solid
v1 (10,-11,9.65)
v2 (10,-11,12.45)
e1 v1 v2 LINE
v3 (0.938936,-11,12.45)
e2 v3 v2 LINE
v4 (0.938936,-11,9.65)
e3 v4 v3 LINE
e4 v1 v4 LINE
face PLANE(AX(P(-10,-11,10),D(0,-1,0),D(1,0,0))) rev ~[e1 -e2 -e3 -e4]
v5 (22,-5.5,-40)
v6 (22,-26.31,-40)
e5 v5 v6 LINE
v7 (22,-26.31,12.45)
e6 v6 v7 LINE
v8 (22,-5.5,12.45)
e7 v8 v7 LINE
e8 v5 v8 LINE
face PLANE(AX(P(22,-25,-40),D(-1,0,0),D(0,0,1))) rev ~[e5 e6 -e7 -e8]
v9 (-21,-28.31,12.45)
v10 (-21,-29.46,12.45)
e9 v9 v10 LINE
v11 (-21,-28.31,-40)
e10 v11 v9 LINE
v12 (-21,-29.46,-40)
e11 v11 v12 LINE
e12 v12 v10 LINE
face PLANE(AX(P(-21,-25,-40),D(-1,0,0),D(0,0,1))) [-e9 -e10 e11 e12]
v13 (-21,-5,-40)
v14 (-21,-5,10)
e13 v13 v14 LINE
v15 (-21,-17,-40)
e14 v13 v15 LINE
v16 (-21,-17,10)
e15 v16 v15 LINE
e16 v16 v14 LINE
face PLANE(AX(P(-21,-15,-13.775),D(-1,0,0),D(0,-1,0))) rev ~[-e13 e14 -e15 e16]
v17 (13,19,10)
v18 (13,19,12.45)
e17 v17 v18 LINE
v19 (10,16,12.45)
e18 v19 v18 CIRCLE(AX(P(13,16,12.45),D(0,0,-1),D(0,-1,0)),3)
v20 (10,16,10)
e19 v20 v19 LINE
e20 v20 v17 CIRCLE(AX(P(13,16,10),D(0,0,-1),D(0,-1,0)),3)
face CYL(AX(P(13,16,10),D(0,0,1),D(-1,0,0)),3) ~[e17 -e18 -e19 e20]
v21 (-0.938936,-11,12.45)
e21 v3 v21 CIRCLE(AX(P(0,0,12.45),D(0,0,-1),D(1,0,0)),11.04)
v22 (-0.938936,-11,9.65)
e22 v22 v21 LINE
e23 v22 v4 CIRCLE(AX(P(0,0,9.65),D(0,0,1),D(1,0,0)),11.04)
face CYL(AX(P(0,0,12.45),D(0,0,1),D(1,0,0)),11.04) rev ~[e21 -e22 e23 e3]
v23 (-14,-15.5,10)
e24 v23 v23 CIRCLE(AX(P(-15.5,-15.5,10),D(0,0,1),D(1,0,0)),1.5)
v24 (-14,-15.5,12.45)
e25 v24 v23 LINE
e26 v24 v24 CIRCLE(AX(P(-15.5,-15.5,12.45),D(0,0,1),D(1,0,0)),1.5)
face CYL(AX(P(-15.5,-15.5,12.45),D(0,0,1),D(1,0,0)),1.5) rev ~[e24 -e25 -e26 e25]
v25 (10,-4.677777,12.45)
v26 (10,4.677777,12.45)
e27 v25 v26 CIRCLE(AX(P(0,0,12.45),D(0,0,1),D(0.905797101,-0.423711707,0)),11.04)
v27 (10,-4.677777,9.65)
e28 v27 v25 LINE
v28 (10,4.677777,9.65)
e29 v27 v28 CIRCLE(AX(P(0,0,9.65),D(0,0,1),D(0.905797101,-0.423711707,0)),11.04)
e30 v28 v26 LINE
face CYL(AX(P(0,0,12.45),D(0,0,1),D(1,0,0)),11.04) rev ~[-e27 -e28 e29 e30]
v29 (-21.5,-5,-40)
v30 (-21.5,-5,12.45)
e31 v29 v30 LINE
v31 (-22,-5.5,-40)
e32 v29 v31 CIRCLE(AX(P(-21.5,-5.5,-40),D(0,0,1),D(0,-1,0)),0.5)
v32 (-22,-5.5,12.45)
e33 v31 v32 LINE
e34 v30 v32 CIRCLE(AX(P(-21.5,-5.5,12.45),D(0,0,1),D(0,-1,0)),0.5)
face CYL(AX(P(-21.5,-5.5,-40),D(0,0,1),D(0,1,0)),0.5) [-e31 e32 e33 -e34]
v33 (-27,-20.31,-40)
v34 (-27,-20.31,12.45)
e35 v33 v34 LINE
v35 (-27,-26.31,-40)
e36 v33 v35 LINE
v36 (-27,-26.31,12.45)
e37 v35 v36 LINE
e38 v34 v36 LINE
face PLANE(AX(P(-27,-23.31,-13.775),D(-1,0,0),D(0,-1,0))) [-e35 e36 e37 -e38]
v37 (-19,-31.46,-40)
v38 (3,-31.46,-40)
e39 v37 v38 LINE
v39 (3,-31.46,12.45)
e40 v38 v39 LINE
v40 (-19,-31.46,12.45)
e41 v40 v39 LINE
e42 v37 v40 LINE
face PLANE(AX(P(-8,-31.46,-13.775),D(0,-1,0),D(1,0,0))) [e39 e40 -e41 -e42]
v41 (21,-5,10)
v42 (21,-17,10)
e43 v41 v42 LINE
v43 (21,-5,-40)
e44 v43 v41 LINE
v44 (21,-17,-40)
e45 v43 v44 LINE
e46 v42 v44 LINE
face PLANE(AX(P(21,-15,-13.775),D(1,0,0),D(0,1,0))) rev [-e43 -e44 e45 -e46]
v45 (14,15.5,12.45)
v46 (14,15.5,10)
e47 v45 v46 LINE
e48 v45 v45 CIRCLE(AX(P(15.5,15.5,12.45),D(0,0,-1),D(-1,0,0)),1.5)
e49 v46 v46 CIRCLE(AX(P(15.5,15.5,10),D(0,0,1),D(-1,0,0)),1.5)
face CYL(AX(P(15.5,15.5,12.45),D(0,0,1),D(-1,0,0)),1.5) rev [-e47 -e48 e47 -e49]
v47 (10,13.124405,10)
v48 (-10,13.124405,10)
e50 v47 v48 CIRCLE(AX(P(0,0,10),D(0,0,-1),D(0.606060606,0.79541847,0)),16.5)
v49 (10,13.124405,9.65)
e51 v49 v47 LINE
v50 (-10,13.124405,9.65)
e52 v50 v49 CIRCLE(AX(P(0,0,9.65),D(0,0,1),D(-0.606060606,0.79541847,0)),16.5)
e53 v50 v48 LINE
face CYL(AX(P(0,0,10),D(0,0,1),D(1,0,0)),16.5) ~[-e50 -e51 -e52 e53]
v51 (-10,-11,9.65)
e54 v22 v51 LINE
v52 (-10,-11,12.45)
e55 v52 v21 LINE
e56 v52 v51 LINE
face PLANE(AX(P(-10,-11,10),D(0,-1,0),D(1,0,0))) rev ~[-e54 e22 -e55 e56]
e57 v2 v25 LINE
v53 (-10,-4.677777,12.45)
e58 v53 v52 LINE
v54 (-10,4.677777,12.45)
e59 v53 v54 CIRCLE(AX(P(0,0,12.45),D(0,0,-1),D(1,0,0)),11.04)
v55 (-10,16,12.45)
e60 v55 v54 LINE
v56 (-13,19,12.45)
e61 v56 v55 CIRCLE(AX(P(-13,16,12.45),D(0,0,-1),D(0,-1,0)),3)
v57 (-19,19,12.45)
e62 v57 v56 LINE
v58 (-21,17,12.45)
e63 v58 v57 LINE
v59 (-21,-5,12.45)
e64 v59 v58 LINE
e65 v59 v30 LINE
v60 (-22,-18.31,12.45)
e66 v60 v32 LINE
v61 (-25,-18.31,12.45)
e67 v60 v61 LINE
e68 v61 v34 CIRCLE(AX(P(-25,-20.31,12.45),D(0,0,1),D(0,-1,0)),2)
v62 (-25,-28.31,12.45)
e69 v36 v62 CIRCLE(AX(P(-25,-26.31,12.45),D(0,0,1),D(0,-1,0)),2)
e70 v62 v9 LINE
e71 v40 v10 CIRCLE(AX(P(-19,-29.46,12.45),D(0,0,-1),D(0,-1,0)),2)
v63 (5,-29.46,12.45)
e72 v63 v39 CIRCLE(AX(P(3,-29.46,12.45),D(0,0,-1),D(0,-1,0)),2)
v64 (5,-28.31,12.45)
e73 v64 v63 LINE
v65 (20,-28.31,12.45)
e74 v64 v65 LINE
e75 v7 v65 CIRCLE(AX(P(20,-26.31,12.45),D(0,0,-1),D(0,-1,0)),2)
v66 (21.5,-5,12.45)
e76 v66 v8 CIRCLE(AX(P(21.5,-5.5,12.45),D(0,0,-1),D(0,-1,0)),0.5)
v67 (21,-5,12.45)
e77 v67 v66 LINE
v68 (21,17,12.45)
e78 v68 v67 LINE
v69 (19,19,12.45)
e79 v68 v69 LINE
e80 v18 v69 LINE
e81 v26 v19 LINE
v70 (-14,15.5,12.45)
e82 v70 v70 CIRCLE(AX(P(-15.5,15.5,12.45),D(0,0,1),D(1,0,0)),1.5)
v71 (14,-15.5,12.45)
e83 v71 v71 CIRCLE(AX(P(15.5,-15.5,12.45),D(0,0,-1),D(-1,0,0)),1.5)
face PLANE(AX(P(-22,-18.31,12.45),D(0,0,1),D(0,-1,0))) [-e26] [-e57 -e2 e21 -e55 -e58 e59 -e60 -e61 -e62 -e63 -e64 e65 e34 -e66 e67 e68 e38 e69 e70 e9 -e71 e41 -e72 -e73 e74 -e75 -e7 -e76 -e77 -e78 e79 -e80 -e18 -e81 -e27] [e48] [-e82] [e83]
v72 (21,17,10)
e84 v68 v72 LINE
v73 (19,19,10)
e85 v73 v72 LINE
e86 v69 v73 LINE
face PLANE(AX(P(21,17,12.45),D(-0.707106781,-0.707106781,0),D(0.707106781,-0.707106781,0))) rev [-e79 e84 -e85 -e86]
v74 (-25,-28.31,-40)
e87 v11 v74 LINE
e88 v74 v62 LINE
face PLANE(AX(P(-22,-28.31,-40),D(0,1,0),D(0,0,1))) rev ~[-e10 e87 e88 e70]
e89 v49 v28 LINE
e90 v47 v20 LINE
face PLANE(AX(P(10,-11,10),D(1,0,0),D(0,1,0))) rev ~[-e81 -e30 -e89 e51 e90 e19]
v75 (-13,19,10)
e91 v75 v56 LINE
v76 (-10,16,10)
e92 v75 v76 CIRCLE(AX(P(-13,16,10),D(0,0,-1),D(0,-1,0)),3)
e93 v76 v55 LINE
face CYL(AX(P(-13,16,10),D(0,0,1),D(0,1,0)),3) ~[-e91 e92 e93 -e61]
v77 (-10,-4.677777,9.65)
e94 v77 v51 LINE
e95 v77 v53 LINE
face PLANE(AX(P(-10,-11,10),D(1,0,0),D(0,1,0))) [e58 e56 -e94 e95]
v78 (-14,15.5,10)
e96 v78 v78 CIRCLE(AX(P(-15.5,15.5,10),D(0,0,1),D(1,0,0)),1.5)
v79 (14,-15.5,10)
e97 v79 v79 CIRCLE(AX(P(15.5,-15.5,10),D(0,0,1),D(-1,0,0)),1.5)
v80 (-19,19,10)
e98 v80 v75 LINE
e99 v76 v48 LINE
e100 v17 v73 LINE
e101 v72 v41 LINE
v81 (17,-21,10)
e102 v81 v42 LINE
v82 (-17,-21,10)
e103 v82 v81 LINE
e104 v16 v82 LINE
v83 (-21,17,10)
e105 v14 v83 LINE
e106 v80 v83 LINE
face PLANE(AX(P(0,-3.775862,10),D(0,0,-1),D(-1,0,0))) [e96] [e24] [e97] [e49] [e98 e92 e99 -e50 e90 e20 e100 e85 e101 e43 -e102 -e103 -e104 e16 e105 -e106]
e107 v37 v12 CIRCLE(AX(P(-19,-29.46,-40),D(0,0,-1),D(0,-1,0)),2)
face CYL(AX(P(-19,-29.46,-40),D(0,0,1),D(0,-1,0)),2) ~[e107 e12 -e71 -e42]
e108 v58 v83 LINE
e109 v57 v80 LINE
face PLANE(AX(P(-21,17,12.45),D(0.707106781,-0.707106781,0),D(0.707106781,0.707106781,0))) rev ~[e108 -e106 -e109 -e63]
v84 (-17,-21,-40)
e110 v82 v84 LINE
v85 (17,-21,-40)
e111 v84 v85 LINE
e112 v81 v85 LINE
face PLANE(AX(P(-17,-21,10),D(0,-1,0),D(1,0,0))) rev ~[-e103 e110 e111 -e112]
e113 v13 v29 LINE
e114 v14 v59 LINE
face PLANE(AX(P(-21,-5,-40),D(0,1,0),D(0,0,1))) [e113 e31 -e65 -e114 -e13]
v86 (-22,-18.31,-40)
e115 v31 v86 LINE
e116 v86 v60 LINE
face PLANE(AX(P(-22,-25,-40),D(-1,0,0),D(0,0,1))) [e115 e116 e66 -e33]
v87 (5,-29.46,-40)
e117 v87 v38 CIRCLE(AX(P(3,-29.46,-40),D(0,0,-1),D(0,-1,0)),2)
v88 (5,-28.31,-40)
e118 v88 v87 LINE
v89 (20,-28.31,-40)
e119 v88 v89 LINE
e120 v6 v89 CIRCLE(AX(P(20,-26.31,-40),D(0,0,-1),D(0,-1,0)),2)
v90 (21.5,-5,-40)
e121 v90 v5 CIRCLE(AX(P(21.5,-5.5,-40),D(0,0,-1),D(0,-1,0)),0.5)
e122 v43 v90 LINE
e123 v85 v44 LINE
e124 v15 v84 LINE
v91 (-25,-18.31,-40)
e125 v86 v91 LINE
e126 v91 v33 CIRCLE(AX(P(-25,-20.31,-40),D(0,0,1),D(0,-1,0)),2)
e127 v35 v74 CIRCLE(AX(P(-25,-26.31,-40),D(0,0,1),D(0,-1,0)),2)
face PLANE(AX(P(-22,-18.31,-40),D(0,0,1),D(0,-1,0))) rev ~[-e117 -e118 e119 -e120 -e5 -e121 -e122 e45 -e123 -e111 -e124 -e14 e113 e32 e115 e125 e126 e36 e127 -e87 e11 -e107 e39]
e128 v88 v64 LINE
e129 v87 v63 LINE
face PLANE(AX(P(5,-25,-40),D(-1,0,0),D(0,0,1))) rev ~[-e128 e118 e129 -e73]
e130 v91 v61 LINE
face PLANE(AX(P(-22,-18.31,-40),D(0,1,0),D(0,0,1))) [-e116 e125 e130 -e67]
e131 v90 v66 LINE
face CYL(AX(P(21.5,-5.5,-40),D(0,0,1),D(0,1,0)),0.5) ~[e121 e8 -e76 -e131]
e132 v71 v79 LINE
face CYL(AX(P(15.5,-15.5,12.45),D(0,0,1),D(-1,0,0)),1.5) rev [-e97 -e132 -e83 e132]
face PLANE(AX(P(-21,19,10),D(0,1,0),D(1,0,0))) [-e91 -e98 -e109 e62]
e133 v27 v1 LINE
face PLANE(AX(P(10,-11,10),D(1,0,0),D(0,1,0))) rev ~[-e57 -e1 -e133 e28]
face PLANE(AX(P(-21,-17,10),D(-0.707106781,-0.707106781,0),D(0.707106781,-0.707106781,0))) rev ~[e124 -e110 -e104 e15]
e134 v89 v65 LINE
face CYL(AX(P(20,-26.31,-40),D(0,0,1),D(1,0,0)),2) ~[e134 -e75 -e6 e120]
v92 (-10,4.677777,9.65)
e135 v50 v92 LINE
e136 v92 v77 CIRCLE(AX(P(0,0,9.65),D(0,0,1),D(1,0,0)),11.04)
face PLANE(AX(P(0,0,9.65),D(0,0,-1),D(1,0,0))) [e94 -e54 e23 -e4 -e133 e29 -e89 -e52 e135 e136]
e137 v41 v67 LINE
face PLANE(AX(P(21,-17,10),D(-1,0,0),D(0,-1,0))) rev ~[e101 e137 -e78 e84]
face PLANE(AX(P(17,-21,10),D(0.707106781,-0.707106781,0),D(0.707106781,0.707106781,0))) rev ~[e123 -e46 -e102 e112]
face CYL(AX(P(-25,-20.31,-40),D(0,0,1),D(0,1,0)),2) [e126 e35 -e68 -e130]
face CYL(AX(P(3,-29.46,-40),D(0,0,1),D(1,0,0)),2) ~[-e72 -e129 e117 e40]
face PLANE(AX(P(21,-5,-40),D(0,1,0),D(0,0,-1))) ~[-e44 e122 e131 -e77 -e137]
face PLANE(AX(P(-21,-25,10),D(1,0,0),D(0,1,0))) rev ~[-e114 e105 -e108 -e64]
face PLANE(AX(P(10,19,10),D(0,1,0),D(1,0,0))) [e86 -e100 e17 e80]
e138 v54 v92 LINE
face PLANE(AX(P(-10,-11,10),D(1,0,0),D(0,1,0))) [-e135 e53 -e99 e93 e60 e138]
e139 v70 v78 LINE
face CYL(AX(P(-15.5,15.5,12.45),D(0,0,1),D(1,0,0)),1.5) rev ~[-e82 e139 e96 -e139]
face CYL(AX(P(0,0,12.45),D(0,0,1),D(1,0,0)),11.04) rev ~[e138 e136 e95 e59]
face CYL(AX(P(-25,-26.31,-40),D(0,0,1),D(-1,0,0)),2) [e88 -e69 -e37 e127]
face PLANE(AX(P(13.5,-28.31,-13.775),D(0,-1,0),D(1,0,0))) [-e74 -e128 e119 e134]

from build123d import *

# Parameters (mm, degrees)
PAD021_DEPTH    = 2.45
PAD022_DEPTH    = 50
SKETCH044_R     = 1.5
POCKET019_DEPTH = 5
SKETCH045_W     = 20
SKETCH045_H     = 52.45
PAD023_DEPTH    = 1
POCKET020_DEPTH = 3
SKETCH047_W     = 26
SKETCH047_H     = 52.45
PAD024_DEPTH    = 6.46
SKETCH048_W     = 17
SKETCH048_H     = 52.45
PAD025_DEPTH    = 3.31
SKETCH049_W     = 1
SKETCH049_H     = 52.45
PAD026_DEPTH    = 3.31
FILLET002_R     = 2
FILLET003_R     = 2
SKETCH050_W     = 10
SKETCH050_H     = 52.45
PAD027_DEPTH    = 5
FILLET004_R     = 2
SKETCH051_R     = 11.04
POCKET021_DEPTH = 5
SKETCH052_R     = 11.04
POCKET022_DEPTH = 5
SKETCH053_R     = 16.5
PAD028_DEPTH    = 0.35
SKETCH054_W     = 20
SKETCH054_H     = 31.6
POCKET023_DEPTH = 5
SKETCH055_R     = 11.04
POCKET024_DEPTH = 5
FILLET005_R     = 3
FILLET006_R     = 0.5


with BuildPart() as part:
    # Sketch041 → Pad021 (new body)
    with BuildSketch(Plane.XY):
        Polygon((-21, 22), (-10, 22), (-10, -8), (10, -8), (10, 22), (21, 22), (21, -22), (-21, -22), align=None)
    extrude(amount=PAD021_DEPTH)

    # Sketch043 (on Face9 of Pad021) → Pad022 (join)
    with BuildSketch(Plane(origin=(0, 0, 0), x_dir=(1, 0, 0), z_dir=(0, 0, -1))):
        Polygon((21, 14), (21, 22), (-21, 22), (-21, 14), (-17, 18), (17, 18), align=None)
    extrude(amount=PAD022_DEPTH)

    # Sketch044 (on Face4 of Pad022) → Pocket019 (cut)
    with BuildSketch(Plane.XY.offset(2.45)):
        with Locations((-15.5, 18.5)):
            Circle(SKETCH044_R)
        with Locations((-15.5, -12.5)):
            Circle(SKETCH044_R)
    pocket019 = extrude(amount=-POCKET019_DEPTH, mode=Mode.SUBTRACT)

    # Mirrored: Pocket019 across Sketch044 V_Axis
    add(pocket019.mirror(Plane(origin=(0, 0, 2.45), x_dir=(0, 0, 1), z_dir=(1, 0, 0))), mode=Mode.SUBTRACT)

    # Sketch045 (on Face13 of Mirrored) → Pad023 (join)
    with BuildSketch(Plane(origin=(-21, 0, 0), x_dir=(0, -1, 0), z_dir=(-1, 0, 0))):
        with Locations((12, -23.775)):
            Rectangle(SKETCH045_W, SKETCH045_H)
    pad023 = extrude(amount=PAD023_DEPTH)

    # Mirrored024: Pad023 across YZ
    add(pad023.mirror(Plane.YZ))

    # Sketch046 (on Face22 of Mirrored024) → Pocket020 (cut)
    with BuildSketch(Plane.XY.offset(2.45)):
        Polygon((-21, 20), (-13.23582, 27.76418), (-21, 27.957458), align=None)
    pocket020 = extrude(amount=-POCKET020_DEPTH, mode=Mode.SUBTRACT)

    # Mirrored025: Pocket020 across Sketch046 V_Axis
    add(pocket020.mirror(Plane(origin=(0, 0, 2.45), x_dir=(0, 0, 1), z_dir=(1, 0, 0))), mode=Mode.SUBTRACT)

    # Sketch047 (on Face13 of Pad022) → Pad024 (join)
    with BuildSketch(Plane.XZ.offset(22)):
        with Locations((-8, -23.775)):
            Rectangle(SKETCH047_W, SKETCH047_H)
    extrude(amount=PAD024_DEPTH)

    # Sketch048 (on Face22 of Pad024) → Pad025 (join)
    with BuildSketch(Plane.XZ.offset(22)):
        with Locations((13.5, -23.775)):
            Rectangle(SKETCH048_W, SKETCH048_H)
    extrude(amount=PAD025_DEPTH)

    # Sketch049 (on Face22 of Pad025) → Pad026 (join)
    with BuildSketch(Plane.XZ.offset(22)):
        with Locations((-21.5, -23.775)):
            Rectangle(SKETCH049_W, SKETCH049_H)
    extrude(amount=PAD026_DEPTH)

    # Fillet002
    fillet002_edges = [part.edges().sort_by_distance(p)[0] for p in [
        (5, -28.46, -23.775),
        (22, -25.31, -23.775),
    ]]
    fillet(fillet002_edges, radius=FILLET002_R)

    # Fillet003
    fillet003_edges = [part.edges().sort_by_distance(p)[0] for p in [
        (-21, -28.46, -23.775),
    ]]
    fillet(fillet003_edges, radius=FILLET003_R)

    # Sketch050 (on Face10 of Fillet003) → Pad027 (join)
    with BuildSketch(Plane(origin=(-22, 0, 0), x_dir=(0, -1, 0), z_dir=(-1, 0, 0))):
        with Locations((20.31, -23.775)):
            Rectangle(SKETCH050_W, SKETCH050_H)
    extrude(amount=PAD027_DEPTH)

    # Fillet004
    fillet004_edges = [part.edges().sort_by_distance(p)[0] for p in [
        (-27, -25.31, -23.775),
        (-27, -15.31, -23.775),
    ]]
    fillet(fillet004_edges, radius=FILLET004_R)

    # Sketch051 (on Face37 of Fillet004) → Pocket021 (cut)
    with BuildSketch(Plane(origin=(0, 0, 0), x_dir=(1, 0, 0), z_dir=(0, 0, -1))):
        with Locations((0, -3)):
            Circle(SKETCH051_R)
    extrude(amount=-POCKET021_DEPTH, mode=Mode.SUBTRACT)

    # Sketch052 (on Face28 of Pad027) → Pocket022 (cut)
    with BuildSketch(Plane(origin=(0, 0, 0), x_dir=(1, 0, 0), z_dir=(0, 0, -1))):
        with Locations((0, -3)):
            Circle(SKETCH052_R)
    extrude(amount=-POCKET022_DEPTH, mode=Mode.SUBTRACT)

    # Sketch053 (on Face42 of Pocket022) → Pad028 (join)
    with BuildSketch(Plane(origin=(0, 0, 0), x_dir=(1, 0, 0), z_dir=(0, 0, -1))):
        with Locations((0, -3)):
            Circle(SKETCH053_R)
    extrude(amount=PAD028_DEPTH)

    # Sketch054 (on Face44 of Pad028) → Pocket023 (cut)
    with BuildSketch(Plane.XY):
        with Locations((0, 7.8)):
            Rectangle(SKETCH054_W, SKETCH054_H)
    extrude(amount=-POCKET023_DEPTH, mode=Mode.SUBTRACT)

    # Sketch055 (on Face5 of Pocket023) → Pocket024 (cut)
    with BuildSketch(Plane.XY.offset(2.45)):
        with Locations((0, 3)):
            Circle(SKETCH055_R)
    extrude(amount=-POCKET024_DEPTH, mode=Mode.SUBTRACT)

    # Fillet005
    fillet005_edges = [part.edges().sort_by_distance(p)[0] for p in [
        (-10, 22, 1.225),
        (10, 22, 1.225),
    ]]
    fillet(fillet005_edges, radius=FILLET005_R)

    # Fillet006
    fillet006_edges = [part.edges().sort_by_distance(p)[0] for p in [
        (22, -2, -23.775),
        (-22, -2, -23.775),
    ]]
    fillet(fillet006_edges, radius=FILLET006_R)


with BuildPart() as part_1:
    # Body006 placement: moved
    add(part.part.moved(Location((0, -3, 10))))


solid = part_1.part
